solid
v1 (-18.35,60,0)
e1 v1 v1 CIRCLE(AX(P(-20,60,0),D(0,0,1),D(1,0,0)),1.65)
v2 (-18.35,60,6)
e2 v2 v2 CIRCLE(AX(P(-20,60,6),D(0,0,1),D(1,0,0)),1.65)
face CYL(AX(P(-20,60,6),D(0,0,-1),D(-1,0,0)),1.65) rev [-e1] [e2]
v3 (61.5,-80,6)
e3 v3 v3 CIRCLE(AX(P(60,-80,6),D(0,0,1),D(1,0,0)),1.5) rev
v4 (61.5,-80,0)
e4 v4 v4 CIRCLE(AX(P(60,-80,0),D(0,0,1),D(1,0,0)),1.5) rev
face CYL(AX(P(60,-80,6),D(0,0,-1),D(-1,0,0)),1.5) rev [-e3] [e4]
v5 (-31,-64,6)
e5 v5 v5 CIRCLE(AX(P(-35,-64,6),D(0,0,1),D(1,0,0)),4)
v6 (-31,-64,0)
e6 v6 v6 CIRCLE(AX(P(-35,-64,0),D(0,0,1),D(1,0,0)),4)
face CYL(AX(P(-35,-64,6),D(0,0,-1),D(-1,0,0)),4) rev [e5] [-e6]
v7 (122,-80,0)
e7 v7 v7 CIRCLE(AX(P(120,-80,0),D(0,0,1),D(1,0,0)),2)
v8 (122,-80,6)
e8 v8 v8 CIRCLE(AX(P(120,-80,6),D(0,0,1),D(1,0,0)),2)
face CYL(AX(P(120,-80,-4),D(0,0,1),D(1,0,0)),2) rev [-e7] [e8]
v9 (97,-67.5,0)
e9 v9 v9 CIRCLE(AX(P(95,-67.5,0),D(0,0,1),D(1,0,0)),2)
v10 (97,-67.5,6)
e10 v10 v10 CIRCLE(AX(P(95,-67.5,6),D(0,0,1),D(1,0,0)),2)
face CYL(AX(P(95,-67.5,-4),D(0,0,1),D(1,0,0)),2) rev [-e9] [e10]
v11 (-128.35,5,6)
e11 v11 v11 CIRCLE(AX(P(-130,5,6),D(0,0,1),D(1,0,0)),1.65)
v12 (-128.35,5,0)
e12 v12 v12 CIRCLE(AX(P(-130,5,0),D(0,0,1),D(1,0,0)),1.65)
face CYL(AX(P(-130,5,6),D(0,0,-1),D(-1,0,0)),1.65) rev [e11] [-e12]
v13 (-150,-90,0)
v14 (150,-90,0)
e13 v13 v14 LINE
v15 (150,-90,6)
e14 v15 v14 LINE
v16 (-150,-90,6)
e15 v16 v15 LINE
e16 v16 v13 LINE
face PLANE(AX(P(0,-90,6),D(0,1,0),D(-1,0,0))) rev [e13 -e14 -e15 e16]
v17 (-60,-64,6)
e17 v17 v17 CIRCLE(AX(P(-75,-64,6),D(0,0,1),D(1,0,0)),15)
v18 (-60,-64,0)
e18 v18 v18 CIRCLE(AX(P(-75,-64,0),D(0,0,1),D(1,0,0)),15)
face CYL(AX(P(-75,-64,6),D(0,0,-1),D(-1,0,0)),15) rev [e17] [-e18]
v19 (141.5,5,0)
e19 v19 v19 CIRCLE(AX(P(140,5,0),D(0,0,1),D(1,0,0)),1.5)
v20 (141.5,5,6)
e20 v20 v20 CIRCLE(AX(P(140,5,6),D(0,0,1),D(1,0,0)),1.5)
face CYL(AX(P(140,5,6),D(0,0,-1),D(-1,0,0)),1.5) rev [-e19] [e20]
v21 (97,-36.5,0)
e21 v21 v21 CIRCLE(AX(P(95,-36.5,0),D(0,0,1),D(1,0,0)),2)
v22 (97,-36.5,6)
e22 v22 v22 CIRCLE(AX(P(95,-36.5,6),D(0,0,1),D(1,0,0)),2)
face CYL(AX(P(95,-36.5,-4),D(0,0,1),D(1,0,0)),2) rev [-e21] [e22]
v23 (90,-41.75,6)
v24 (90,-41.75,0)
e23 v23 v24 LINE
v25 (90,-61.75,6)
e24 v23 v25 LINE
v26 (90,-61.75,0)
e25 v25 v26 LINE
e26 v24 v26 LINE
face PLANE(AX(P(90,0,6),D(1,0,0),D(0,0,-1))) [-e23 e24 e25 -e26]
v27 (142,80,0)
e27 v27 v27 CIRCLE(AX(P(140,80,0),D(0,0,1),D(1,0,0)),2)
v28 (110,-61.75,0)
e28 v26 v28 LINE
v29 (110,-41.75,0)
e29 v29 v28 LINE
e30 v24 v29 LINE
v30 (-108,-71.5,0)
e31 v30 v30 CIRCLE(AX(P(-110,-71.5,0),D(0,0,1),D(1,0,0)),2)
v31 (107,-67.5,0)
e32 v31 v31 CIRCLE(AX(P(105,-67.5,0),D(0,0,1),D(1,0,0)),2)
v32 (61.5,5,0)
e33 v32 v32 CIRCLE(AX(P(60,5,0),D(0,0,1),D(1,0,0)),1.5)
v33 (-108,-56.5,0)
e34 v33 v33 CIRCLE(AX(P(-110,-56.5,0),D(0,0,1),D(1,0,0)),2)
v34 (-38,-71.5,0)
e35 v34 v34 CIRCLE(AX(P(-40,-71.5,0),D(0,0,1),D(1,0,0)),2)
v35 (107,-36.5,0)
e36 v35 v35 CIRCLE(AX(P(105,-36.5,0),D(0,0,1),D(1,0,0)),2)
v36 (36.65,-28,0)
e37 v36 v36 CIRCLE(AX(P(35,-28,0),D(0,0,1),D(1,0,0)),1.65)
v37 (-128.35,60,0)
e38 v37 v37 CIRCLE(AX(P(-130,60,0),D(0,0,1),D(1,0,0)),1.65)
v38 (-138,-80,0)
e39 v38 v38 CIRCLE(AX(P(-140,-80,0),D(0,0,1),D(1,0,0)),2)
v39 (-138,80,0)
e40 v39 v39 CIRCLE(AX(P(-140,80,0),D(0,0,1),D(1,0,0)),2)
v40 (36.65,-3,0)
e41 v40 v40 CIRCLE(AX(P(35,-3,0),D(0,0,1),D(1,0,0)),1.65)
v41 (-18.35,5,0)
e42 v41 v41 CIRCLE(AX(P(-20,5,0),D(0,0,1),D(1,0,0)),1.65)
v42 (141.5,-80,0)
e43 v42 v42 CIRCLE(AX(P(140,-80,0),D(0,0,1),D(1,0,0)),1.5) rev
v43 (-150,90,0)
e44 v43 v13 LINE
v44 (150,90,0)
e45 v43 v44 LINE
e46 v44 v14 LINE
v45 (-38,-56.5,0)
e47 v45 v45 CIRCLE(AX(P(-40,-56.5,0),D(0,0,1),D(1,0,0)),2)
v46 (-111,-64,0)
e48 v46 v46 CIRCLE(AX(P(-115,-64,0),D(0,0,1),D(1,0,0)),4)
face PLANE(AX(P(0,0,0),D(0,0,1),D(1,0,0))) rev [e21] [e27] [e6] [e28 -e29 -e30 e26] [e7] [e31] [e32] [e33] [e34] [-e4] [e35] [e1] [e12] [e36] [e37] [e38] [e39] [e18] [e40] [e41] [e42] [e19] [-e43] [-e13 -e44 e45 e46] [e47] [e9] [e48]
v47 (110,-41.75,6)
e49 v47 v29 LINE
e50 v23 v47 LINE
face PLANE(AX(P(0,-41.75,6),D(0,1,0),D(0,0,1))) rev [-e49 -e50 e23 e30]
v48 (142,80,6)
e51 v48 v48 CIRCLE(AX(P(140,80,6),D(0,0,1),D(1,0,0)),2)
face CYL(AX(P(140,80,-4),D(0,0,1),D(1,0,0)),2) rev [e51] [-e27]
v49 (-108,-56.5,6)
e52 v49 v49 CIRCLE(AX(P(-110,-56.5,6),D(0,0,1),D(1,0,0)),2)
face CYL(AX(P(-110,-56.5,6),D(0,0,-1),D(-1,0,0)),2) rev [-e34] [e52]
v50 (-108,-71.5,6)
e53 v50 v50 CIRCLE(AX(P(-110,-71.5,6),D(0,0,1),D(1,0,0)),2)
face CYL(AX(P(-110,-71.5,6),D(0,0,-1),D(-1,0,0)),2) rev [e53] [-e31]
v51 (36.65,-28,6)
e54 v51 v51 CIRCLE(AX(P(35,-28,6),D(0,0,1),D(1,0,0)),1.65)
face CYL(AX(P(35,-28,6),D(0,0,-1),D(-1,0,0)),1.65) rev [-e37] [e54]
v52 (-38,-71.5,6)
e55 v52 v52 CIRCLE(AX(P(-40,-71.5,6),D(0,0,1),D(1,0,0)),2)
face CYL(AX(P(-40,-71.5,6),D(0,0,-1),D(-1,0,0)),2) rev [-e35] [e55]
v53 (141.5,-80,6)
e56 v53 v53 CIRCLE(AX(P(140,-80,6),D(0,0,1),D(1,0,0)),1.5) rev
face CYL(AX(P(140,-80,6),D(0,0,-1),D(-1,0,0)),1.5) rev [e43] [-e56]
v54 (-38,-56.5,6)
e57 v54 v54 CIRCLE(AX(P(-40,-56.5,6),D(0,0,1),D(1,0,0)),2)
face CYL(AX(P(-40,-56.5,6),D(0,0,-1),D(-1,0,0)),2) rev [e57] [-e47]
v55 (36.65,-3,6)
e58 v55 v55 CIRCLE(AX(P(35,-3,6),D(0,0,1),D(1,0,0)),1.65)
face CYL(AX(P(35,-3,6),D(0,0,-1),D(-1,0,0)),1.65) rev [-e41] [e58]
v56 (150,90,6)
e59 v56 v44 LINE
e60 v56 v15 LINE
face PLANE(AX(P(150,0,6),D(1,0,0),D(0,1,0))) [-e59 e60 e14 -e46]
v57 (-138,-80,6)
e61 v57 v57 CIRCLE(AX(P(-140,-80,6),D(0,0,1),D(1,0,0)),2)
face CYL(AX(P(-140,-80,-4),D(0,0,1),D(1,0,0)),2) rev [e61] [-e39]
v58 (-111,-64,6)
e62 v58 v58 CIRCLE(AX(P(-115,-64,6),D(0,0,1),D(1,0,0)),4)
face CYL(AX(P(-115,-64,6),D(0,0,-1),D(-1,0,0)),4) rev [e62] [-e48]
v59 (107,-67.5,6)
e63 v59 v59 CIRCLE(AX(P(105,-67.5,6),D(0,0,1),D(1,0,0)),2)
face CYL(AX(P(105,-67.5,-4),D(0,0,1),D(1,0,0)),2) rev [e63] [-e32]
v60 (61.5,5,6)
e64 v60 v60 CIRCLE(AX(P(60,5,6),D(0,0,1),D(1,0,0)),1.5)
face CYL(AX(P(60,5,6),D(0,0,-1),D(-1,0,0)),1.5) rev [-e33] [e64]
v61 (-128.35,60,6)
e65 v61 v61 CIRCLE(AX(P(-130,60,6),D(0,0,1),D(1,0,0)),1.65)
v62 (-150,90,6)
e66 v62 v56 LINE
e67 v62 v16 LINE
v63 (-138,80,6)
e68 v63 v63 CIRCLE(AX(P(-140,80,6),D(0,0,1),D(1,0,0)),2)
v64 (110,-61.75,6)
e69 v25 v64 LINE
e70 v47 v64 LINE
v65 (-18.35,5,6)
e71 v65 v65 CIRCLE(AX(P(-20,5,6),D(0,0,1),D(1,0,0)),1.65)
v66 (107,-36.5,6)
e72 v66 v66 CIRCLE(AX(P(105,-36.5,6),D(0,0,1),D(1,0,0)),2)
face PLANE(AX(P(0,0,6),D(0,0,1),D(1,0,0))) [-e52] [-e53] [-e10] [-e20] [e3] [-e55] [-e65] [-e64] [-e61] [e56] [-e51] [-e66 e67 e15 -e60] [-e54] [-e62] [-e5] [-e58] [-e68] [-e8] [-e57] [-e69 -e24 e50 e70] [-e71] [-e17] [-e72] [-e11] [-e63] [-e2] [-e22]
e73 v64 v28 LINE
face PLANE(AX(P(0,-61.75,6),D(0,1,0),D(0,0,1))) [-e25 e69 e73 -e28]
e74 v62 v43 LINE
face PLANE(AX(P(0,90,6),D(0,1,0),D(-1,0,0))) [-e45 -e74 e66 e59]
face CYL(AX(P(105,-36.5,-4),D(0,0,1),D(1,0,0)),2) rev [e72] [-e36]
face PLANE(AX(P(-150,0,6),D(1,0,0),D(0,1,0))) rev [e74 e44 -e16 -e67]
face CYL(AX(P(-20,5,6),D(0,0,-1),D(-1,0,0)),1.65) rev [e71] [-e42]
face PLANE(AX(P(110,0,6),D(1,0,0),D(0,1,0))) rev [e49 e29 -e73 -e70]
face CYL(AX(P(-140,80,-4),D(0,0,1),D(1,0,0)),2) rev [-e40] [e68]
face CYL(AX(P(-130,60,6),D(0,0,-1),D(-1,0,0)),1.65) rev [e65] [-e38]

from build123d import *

# Parameters (mm, degrees)
ESBO_O1_W                = 300
ESBO_O1_H                = 180
ESBO_O1_R                = 1.5
ESBO_O1_R_2              = 2
ESBO_O1_R_3              = 15
ESBO_O1_R_4              = 4
ESBO_O1_R_5              = 1.65
ESBO_O1_W_2              = 20
ESBO_O1_H_2              = 20
RESSALTO_EXTRUS_O1_DEPTH = 6
ESBO_O2_R                = 2
CORTE_EXTRUS_O1_DEPTH    = 10
ESBO_O3_R                = 2
CORTE_EXTRUS_O2_DEPTH    = 10


with BuildPart() as part:
    # Esboço1 → Ressalto-extrusão1 (new body)
    with BuildSketch(Plane.XY):
        Rectangle(ESBO_O1_W, ESBO_O1_H)
        with Locations((140, 5)):
            Circle(ESBO_O1_R, mode=Mode.SUBTRACT)
        with Locations((140, -80)):
            Circle(ESBO_O1_R, mode=Mode.SUBTRACT)
        with Locations((60, -80)):
            Circle(ESBO_O1_R, mode=Mode.SUBTRACT)
        with Locations((60, 5)):
            Circle(ESBO_O1_R, mode=Mode.SUBTRACT)
        with Locations((-110, -56.5)):
            Circle(ESBO_O1_R_2, mode=Mode.SUBTRACT)
        with Locations((-40, -56.5)):
            Circle(ESBO_O1_R_2, mode=Mode.SUBTRACT)
        with Locations((-75, -64)):
            Circle(ESBO_O1_R_3, mode=Mode.SUBTRACT)
        with Locations((-35, -64)):
            Circle(ESBO_O1_R_4, mode=Mode.SUBTRACT)
        with Locations((-115, -64)):
            Circle(ESBO_O1_R_4, mode=Mode.SUBTRACT)
        with Locations((-40, -71.5)):
            Circle(ESBO_O1_R_2, mode=Mode.SUBTRACT)
        with Locations((-110, -71.5)):
            Circle(ESBO_O1_R_2, mode=Mode.SUBTRACT)
        with Locations((35, -3)):
            Circle(ESBO_O1_R_5, mode=Mode.SUBTRACT)
        with Locations((35, -28)):
            Circle(ESBO_O1_R_5, mode=Mode.SUBTRACT)
        with Locations((-130, 60)):
            Circle(ESBO_O1_R_5, mode=Mode.SUBTRACT)
        with Locations((-20, 60)):
            Circle(ESBO_O1_R_5, mode=Mode.SUBTRACT)
        with Locations((-20, 5)):
            Circle(ESBO_O1_R_5, mode=Mode.SUBTRACT)
        with Locations((-130, 5)):
            Circle(ESBO_O1_R_5, mode=Mode.SUBTRACT)
        with Locations((100, -51.75)):
            Rectangle(ESBO_O1_W_2, ESBO_O1_H_2, mode=Mode.SUBTRACT)
    extrude(amount=RESSALTO_EXTRUS_O1_DEPTH)

    # Esboço2 → Corte-extrusão1 (cut)
    with BuildSketch(Plane.XY.offset(6)):
        with Locations((-140, 80)):
            Circle(ESBO_O2_R)
        with Locations((140, 80)):
            Circle(ESBO_O2_R)
        with Locations((120, -80)):
            Circle(ESBO_O2_R)
        with Locations((-140, -80)):
            Circle(ESBO_O2_R)
    extrude(amount=-CORTE_EXTRUS_O1_DEPTH, mode=Mode.SUBTRACT)

    # Esboço3 → Corte-extrusão2 (cut)
    with BuildSketch(Plane.XY.offset(6)):
        with Locations((105, -67.5)):
            Circle(ESBO_O3_R)
        with Locations((105, -36.5)):
            Circle(ESBO_O3_R)
        with Locations((95, -36.5)):
            Circle(ESBO_O3_R)
        with Locations((95, -67.5)):
            Circle(ESBO_O3_R)
    extrude(amount=-CORTE_EXTRUS_O2_DEPTH, mode=Mode.SUBTRACT)


solid = part.part
